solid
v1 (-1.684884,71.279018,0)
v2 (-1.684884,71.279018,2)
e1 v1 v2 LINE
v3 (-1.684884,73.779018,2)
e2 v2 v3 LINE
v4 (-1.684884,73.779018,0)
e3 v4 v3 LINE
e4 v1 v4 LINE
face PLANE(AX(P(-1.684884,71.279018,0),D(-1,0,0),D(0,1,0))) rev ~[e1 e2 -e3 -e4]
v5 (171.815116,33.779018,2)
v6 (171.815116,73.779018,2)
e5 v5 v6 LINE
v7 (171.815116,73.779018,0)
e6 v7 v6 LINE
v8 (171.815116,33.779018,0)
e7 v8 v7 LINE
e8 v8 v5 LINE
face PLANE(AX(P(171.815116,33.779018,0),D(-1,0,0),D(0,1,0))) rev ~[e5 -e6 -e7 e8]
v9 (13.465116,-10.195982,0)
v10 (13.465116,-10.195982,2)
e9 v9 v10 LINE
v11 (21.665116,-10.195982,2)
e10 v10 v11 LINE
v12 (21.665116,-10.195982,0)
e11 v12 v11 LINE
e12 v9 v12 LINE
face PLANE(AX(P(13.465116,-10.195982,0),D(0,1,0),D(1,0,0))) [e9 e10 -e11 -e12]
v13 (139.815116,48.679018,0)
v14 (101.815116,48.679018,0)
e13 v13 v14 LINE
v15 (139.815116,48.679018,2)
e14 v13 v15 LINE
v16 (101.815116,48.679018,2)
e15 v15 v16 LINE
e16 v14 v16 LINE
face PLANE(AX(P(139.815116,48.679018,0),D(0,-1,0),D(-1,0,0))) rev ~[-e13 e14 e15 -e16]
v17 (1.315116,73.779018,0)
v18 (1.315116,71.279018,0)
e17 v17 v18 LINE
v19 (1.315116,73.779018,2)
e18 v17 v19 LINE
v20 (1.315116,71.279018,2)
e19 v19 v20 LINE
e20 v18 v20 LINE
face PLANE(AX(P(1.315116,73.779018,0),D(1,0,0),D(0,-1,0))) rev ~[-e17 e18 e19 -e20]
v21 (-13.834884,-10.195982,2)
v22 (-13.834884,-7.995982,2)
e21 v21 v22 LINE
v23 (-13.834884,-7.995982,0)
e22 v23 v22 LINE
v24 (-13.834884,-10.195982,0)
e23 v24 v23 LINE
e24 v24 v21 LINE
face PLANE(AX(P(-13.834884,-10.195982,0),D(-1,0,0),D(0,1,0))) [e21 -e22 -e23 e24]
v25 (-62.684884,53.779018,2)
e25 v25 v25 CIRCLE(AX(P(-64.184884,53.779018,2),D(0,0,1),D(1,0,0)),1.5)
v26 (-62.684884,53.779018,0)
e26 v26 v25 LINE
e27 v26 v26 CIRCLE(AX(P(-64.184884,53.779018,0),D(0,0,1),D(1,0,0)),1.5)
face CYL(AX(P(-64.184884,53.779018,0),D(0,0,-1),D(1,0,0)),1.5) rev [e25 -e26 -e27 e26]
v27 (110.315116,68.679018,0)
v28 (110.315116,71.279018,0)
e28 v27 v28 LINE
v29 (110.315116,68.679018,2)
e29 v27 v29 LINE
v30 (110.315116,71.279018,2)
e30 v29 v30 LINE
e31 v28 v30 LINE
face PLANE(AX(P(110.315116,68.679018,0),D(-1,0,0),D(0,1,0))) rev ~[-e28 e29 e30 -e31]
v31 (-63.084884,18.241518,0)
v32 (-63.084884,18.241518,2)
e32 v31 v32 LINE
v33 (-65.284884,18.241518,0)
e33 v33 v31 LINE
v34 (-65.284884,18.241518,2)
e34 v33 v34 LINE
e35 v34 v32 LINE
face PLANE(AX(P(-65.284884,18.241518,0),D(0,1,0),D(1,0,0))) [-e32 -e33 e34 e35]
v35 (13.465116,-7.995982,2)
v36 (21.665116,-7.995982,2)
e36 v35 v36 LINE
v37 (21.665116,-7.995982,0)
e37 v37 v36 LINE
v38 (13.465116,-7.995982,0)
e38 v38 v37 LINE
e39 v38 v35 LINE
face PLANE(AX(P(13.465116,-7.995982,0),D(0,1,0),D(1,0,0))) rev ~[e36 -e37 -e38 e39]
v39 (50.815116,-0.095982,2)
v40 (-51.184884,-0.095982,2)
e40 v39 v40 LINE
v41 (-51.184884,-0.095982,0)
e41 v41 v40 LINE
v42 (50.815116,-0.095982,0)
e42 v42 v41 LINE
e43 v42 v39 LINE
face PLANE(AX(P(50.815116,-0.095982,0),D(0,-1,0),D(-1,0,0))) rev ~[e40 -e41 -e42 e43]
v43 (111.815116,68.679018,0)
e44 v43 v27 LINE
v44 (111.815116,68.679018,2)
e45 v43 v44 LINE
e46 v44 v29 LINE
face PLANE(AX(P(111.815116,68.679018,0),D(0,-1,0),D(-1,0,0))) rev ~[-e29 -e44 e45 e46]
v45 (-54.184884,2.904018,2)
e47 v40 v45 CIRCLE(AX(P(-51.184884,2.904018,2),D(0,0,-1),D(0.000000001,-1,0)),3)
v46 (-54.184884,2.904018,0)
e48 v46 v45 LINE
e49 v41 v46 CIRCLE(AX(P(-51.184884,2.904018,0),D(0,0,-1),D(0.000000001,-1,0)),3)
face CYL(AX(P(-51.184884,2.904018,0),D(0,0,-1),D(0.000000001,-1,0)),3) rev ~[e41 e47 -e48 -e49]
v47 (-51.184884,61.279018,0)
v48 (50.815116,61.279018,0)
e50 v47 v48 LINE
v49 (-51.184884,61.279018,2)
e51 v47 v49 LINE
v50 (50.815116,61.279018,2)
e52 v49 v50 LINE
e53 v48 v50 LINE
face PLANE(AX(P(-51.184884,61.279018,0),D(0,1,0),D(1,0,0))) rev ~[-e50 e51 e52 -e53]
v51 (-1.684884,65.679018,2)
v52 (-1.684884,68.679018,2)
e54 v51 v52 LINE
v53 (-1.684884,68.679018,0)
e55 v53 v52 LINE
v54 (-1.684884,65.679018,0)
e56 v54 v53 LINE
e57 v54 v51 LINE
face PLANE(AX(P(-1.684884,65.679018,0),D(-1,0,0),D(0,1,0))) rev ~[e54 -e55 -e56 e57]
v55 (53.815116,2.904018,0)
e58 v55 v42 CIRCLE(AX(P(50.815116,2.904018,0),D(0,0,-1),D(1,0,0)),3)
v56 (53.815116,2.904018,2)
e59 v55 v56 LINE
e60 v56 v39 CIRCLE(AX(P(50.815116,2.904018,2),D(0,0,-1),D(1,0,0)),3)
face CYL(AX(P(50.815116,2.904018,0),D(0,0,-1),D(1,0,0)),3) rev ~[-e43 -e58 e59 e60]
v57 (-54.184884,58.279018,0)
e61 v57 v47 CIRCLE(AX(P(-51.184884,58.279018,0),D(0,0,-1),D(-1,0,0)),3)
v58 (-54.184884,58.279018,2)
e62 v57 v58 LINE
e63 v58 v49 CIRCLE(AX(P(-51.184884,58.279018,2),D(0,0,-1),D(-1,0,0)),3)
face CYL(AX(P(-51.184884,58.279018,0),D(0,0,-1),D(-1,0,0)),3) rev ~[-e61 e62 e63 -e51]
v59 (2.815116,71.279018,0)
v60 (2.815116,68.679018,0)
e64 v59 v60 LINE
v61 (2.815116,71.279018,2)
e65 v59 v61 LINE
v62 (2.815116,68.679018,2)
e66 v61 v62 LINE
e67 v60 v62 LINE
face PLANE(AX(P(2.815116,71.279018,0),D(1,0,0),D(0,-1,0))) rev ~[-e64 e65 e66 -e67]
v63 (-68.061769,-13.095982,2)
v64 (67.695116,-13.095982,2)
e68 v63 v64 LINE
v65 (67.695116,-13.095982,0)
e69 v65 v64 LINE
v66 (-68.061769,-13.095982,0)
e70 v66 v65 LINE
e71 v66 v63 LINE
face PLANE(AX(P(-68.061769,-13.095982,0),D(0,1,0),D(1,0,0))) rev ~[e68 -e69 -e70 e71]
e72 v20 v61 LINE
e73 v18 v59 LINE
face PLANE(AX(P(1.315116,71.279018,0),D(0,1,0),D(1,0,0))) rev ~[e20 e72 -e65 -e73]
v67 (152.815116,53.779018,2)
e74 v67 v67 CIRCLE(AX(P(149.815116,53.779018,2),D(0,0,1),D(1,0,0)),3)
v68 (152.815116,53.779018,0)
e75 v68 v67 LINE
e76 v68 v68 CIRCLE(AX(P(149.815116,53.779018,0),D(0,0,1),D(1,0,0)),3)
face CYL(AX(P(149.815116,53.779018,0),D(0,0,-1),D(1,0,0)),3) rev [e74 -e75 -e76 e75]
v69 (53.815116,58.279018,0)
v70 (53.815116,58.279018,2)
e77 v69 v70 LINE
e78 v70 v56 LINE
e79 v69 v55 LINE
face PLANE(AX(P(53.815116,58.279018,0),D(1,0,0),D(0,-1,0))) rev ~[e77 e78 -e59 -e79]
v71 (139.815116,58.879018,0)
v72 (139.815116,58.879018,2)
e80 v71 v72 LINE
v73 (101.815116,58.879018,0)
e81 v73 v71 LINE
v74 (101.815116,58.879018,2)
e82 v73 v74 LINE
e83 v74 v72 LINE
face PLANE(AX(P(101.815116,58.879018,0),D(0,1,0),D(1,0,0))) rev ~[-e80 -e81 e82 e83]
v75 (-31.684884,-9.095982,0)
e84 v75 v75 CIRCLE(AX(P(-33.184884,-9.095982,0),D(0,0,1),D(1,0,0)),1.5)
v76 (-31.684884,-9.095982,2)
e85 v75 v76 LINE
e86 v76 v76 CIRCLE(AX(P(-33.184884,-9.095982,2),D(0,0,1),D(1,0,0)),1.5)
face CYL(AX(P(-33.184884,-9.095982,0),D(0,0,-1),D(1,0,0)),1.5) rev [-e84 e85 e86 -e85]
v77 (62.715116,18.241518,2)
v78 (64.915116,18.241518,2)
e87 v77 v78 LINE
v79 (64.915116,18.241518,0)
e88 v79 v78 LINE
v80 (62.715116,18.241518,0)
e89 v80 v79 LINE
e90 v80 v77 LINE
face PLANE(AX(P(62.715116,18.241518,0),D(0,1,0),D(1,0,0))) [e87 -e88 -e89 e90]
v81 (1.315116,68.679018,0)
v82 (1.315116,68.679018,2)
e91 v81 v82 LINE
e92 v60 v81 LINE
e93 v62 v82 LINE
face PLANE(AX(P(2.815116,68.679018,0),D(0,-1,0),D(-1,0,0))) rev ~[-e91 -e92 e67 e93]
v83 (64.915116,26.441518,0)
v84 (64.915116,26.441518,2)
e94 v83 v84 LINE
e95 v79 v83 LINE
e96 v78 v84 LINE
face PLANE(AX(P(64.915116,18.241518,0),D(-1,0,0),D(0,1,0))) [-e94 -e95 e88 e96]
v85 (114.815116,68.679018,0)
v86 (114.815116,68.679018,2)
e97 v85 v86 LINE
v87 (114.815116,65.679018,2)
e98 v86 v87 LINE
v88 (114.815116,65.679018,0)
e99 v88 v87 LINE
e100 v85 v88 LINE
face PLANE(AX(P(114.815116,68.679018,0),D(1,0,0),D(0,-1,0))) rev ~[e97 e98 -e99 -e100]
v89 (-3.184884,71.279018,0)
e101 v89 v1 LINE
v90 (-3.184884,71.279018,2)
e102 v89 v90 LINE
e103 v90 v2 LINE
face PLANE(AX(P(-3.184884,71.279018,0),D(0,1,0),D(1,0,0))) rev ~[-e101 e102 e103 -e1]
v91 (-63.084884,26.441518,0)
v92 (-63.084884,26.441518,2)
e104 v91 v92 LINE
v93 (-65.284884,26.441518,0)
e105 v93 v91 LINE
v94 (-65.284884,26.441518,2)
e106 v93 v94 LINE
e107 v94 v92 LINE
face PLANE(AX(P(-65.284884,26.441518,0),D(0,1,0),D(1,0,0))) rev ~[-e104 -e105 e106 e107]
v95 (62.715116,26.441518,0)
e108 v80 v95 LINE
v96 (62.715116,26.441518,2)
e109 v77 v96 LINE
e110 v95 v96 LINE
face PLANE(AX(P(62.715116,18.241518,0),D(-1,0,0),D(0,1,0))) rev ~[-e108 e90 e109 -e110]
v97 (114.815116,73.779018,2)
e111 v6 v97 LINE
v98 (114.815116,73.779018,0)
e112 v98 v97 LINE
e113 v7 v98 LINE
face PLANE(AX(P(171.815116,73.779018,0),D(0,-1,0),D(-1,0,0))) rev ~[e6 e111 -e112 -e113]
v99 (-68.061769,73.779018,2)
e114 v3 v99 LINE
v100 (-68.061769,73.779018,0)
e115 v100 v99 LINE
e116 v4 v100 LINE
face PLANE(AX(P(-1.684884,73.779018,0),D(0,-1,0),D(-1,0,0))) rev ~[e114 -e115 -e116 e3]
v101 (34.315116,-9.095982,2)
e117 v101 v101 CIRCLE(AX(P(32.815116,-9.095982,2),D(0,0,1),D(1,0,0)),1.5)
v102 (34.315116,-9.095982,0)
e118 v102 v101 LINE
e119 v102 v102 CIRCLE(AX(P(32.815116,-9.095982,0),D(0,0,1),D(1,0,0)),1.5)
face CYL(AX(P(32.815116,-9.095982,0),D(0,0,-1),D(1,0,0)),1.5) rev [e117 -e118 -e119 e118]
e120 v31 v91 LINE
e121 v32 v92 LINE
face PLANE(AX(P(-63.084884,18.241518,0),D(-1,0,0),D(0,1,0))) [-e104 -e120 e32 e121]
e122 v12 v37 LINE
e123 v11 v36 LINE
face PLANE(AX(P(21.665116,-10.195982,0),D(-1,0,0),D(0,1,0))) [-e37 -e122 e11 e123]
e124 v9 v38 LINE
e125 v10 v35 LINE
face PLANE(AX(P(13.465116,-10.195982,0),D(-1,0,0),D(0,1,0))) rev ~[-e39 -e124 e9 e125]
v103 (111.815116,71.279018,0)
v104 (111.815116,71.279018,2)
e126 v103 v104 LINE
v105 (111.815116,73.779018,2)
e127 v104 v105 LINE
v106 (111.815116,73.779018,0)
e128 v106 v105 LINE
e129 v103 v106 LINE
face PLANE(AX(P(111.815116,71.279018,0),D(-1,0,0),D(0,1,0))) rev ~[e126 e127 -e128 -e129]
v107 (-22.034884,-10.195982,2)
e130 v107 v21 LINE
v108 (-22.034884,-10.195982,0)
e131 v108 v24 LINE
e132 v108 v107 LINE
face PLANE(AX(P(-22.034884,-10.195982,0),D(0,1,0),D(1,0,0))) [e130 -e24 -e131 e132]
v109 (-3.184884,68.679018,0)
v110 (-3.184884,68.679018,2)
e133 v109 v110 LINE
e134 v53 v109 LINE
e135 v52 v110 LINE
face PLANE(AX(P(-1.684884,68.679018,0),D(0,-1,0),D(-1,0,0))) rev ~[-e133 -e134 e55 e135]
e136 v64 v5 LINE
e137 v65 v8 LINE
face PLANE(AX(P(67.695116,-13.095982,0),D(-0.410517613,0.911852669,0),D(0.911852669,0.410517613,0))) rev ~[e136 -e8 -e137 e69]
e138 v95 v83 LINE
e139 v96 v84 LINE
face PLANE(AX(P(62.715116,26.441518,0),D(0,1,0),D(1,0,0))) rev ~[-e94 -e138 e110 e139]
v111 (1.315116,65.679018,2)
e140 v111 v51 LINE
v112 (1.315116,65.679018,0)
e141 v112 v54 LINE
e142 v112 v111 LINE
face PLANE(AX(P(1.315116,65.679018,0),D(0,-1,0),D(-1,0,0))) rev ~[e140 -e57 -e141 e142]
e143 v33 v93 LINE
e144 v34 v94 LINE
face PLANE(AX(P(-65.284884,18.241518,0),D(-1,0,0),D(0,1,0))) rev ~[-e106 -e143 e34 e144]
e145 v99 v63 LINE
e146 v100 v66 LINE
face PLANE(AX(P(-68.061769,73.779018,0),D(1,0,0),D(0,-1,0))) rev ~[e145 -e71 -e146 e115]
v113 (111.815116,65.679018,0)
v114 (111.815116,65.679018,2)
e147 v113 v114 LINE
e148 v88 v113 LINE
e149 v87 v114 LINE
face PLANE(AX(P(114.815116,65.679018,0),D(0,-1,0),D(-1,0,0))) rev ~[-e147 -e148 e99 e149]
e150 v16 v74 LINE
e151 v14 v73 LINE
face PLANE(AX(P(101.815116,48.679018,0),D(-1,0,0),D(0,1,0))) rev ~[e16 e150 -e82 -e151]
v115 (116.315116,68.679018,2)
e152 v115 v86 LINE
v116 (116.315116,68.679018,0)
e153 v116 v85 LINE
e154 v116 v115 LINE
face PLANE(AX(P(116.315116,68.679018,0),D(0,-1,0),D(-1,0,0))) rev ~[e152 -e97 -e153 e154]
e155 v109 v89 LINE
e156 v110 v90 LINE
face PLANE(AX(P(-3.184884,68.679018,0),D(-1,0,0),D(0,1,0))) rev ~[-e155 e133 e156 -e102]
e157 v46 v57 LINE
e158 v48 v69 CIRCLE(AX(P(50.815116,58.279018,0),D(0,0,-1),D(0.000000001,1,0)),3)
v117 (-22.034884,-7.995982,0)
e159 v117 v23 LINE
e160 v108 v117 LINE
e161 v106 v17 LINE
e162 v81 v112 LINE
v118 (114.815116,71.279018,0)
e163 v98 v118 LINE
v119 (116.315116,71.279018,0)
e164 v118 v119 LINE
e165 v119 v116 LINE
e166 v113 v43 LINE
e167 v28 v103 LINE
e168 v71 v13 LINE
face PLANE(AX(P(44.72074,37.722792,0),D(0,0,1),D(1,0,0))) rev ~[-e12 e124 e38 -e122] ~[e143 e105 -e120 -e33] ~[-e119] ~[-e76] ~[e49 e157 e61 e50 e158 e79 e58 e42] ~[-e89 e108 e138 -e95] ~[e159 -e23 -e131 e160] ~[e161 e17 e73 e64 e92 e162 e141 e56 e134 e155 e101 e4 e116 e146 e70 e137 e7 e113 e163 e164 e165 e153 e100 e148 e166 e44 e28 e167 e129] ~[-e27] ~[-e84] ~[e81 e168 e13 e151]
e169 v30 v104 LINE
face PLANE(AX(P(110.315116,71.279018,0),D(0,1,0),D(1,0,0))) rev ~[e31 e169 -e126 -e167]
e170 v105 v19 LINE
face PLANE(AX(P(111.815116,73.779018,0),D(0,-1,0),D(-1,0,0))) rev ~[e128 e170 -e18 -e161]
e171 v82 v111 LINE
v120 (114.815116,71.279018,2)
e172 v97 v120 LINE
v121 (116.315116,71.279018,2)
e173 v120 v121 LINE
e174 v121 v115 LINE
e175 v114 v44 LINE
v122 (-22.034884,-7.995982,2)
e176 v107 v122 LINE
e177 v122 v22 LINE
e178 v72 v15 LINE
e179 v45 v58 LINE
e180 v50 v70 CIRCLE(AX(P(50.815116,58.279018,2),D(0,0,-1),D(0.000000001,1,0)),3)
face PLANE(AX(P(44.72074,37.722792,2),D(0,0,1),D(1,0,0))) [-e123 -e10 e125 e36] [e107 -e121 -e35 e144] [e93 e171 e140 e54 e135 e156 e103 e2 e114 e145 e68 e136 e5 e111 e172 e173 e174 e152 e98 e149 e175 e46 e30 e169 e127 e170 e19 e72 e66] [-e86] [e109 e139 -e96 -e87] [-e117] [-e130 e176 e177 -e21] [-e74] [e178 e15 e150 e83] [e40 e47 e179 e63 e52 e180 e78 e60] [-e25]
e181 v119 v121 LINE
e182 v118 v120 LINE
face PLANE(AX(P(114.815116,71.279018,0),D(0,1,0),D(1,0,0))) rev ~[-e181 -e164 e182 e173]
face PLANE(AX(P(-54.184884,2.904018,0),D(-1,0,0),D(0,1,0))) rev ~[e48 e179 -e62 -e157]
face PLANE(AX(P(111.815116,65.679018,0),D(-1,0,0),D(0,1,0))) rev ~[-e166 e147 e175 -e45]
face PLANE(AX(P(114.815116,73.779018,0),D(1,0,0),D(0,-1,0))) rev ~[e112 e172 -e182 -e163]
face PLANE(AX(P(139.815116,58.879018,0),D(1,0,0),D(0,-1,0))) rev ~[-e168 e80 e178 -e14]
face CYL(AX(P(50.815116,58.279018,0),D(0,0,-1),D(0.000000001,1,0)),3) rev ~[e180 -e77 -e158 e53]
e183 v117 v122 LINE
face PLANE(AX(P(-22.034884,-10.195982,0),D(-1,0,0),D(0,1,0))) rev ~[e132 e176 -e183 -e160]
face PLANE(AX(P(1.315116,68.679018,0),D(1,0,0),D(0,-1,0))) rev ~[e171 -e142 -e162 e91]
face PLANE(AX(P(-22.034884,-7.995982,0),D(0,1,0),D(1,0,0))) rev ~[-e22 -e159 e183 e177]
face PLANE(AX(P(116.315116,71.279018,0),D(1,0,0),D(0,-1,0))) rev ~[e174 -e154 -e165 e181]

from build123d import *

# Parameters (mm, degrees)
SKETCH_1_R      = 1.5
SKETCH_1_W      = 8.2
SKETCH_1_H      = 2.2
SKETCH_1_W_2    = 2.2
SKETCH_1_H_2    = 8.2
SKETCH_1_R_2    = 3
EXTRUDE_1_DEPTH = 2


with BuildPart() as part:
    # 草图1 → 凸台-拉伸1 (new body)
    with BuildSketch(Plane.XY):
        Polygon((-68.061769393, -13.095981945), (-52.184883937, -13.095981945), (-18.934883937, -13.095981945), (18.565116063, -13.095981945), (67.695116063, -13.095981945), (171.815116063, 33.779018055), (171.815116063, 73.779018055), (114.815116063, 73.779018055), (114.815116063, 71.279018055), (116.315116063, 71.279018055), (116.315116063, 68.679018055), (114.815116063, 68.679018055), (114.815116063, 65.679018055), (111.815116063, 65.679018055), (111.815116063, 68.679018055), (110.315116063, 68.679018055), (110.315116063, 71.279018055), (111.815116063, 71.279018055), (111.815116063, 73.779018055), (1.315116063, 73.779018055), (1.315116063, 71.279018055), (2.815116063, 71.279018055), (2.815116063, 68.679018055), (1.315116063, 68.679018055), (1.315116063, 65.679018055), (-1.684883937, 65.679018055), (-1.684883937, 68.679018055), (-3.184883937, 68.679018055), (-3.184883937, 71.279018055), (-1.684883937, 71.279018055), (-1.684883937, 73.779018055), (-68.061769393, 73.779018055), align=None)
        with Locations((-33.184883937, -9.095981945)):
            Circle(SKETCH_1_R, mode=Mode.SUBTRACT)
        with Locations((-17.934883937, -9.095981946)):
            Rectangle(SKETCH_1_W, SKETCH_1_H, mode=Mode.SUBTRACT)
        with Locations((17.565116063, -9.095981946)):
            Rectangle(SKETCH_1_W, SKETCH_1_H, mode=Mode.SUBTRACT)
        with Locations((32.815116063, -9.095981945)):
            Circle(SKETCH_1_R, mode=Mode.SUBTRACT)
        with Locations((-64.184883937, 22.341518055)):
            Rectangle(SKETCH_1_W_2, SKETCH_1_H_2, mode=Mode.SUBTRACT)
        with Locations((63.815116063, 22.341518055)):
            Rectangle(SKETCH_1_W_2, SKETCH_1_H_2, mode=Mode.SUBTRACT)
        with BuildLine():
            ThreePointArc((50.815116063, 61.279018055), (52.936436406, 60.400338398), (53.815116063, 58.279018055))
            Line((53.815116063, 58.279018055), (53.815116063, 2.904018055))
            ThreePointArc((53.815116063, 2.904018055), (52.936436406, 0.782697711), (50.815116063, -0.095981945))
            Line((50.815116063, -0.095981945), (-51.184883937, -0.095981945))
            ThreePointArc((-51.184883937, -0.095981945), (-53.306204281, 0.782697711), (-54.184883937, 2.904018055))
            Line((-54.184883937, 2.904018055), (-54.184883937, 58.279018055))
            ThreePointArc((-54.184883937, 58.279018055), (-53.306204281, 60.400338398), (-51.184883937, 61.279018055))
            Line((-51.184883937, 61.279018055), (50.815116063, 61.279018055))
        make_face(mode=Mode.SUBTRACT)
        with Locations((-64.184883937, 53.779018055)):
            Circle(SKETCH_1_R, mode=Mode.SUBTRACT)
        Polygon((139.815116063, 48.679018055), (124.815116063, 48.679018055), (101.815116063, 48.679018055), (101.815116063, 58.879018055), (124.815116063, 58.879018055), (139.815116063, 58.879018055), align=None, mode=Mode.SUBTRACT)
        with Locations((149.815116063, 53.779018055)):
            Circle(SKETCH_1_R_2, mode=Mode.SUBTRACT)
    extrude(amount=EXTRUDE_1_DEPTH)


solid = part.part
